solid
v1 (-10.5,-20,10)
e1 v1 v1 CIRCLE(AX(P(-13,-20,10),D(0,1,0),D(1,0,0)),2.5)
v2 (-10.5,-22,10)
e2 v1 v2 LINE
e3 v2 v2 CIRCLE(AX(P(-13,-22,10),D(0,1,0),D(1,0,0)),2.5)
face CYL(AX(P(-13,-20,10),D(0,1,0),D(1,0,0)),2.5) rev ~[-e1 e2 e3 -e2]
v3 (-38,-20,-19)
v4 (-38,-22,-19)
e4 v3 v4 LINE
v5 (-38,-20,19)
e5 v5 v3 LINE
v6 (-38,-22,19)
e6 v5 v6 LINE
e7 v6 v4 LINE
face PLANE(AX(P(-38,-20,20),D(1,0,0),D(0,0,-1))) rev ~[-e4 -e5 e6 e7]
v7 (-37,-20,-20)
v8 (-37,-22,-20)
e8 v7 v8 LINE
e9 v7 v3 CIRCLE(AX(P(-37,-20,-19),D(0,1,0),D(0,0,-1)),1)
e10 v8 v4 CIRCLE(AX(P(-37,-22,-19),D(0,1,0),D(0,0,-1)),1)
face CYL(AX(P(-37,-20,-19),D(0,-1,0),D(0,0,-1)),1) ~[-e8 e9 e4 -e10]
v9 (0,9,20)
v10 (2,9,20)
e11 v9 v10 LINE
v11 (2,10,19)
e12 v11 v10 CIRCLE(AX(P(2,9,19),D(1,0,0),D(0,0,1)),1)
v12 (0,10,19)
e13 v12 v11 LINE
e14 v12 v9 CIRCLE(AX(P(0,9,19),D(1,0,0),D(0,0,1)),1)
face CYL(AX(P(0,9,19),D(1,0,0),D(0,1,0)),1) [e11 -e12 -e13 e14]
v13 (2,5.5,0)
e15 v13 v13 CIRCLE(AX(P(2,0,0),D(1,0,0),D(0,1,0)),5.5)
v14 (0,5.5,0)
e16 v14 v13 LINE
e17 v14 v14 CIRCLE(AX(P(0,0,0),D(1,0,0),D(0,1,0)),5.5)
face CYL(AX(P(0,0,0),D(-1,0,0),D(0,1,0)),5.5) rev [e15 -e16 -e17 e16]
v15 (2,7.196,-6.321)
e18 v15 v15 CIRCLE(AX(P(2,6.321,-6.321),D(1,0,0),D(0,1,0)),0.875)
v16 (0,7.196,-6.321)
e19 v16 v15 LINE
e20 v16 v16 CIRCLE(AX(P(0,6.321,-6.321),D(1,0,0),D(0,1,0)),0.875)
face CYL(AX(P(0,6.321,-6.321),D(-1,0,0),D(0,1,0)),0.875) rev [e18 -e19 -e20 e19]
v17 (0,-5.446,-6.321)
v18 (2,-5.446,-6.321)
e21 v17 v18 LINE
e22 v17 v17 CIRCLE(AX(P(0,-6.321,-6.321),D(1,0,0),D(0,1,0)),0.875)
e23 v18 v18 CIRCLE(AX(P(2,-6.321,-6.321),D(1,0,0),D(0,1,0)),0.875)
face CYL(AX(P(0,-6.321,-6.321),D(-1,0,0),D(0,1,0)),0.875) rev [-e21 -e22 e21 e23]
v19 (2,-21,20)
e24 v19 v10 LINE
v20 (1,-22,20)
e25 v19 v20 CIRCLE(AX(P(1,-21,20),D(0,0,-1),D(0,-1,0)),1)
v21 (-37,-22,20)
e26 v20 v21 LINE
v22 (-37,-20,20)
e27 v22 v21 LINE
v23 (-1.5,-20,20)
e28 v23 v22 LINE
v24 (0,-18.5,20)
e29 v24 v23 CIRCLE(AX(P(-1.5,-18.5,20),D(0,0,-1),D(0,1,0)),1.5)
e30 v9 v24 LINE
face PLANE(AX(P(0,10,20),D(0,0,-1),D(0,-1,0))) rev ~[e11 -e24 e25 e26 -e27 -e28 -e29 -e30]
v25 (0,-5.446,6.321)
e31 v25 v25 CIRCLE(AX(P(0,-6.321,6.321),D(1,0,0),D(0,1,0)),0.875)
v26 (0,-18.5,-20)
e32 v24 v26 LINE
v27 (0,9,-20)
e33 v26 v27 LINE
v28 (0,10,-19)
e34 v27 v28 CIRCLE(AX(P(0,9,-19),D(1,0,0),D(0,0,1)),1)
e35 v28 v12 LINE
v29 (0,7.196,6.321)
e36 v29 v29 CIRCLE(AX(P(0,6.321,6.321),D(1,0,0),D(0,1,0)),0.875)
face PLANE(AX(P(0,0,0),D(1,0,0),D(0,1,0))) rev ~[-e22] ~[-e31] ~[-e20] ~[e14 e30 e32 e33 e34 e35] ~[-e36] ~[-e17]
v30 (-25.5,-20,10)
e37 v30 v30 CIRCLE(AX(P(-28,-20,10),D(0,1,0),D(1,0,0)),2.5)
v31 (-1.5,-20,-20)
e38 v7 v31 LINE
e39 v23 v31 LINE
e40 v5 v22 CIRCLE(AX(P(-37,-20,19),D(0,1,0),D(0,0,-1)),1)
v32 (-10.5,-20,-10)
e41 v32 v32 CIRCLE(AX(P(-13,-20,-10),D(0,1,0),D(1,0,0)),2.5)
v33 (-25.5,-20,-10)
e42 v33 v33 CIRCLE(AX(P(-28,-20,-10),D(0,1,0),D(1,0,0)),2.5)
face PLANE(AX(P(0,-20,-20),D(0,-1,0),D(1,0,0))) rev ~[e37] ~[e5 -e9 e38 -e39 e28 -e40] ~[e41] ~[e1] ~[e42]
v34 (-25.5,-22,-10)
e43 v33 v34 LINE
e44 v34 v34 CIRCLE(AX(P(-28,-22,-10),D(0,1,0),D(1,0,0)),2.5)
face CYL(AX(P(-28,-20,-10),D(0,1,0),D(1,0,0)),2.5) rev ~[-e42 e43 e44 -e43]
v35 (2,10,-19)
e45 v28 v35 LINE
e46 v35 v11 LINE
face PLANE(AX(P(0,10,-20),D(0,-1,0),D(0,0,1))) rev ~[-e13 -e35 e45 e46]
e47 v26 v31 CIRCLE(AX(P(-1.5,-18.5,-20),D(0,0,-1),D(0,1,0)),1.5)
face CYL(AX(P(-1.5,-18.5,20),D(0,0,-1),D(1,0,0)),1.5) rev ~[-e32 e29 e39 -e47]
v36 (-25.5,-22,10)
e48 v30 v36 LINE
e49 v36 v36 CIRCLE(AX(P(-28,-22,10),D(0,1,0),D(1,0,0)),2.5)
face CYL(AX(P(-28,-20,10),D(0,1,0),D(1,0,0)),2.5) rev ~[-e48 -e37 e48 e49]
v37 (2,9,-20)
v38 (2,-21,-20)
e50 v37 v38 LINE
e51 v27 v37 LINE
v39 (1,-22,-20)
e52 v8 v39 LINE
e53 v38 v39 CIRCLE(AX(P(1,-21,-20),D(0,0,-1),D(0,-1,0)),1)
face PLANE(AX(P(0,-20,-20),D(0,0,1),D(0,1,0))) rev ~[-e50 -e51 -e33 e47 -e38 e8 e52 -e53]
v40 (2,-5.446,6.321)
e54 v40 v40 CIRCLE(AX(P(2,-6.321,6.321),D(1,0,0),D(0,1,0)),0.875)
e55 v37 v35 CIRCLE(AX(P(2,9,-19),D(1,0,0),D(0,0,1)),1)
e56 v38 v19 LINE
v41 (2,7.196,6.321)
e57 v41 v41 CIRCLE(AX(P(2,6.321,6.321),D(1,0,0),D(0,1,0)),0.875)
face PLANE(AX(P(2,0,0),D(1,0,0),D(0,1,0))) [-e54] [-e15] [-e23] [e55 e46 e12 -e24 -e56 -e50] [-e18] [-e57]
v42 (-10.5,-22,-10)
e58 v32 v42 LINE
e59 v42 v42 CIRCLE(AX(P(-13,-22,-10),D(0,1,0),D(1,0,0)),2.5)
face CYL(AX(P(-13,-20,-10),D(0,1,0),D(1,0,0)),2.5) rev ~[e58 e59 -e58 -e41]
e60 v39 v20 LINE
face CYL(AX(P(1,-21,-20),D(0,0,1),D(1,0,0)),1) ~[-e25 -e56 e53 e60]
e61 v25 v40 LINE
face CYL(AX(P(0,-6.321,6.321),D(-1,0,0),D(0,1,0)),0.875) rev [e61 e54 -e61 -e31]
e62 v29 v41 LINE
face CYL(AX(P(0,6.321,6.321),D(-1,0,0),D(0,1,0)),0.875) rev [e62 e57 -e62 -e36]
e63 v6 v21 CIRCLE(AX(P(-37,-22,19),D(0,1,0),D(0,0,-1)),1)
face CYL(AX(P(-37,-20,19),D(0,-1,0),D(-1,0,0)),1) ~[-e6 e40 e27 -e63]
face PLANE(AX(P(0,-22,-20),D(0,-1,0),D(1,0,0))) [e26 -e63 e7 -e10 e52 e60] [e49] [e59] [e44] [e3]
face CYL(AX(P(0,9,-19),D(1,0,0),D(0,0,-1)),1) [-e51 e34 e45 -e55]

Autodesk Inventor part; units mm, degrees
ref_plane "YZ Plane" through (0, 0, 0) normal (1, 0, 0) x (0, 1, 0)
ref_plane "XZ Plane" through (0, 0, 0) normal (0, 1, 0) x (-1, 0, 0)
ref_plane "XY Plane" through (0, 0, 0) normal (0, 0, 1) x (1, 0, 0)
sketch "Boceto1" plane through (0, 0, 0) normal (1, 0, 0) x (0, 1, 0)
  line L0 (-6.321, 6.321) -> (6.321, 6.321) construction
  line L1 (6.321, 6.321) -> (6.321, -6.321) construction
  line L2 (6.321, -6.321) -> (-6.321, -6.321) construction
  line L3 (-6.321, -6.321) -> (-6.321, 6.321) construction
  line L4 (-6.321, 6.321) -> (6.321, -6.321) construction
  line L5 (6.321, 6.321) -> (-6.321, -6.321) construction
  circle A0 centre (6.321, -6.321) radius 0.875
  line L6 (0, 0) -> (7.9878, 0) construction
  circle A1 centre (6.321, 6.321) radius 0.875
  line L7 (0, 0) -> (0, -13.4562) construction
  circle A2 centre (-6.321, -6.321) radius 0.875
  circle A3 centre (-6.321, 6.321) radius 0.875
  circle A4 centre (0, 0) radius 5.5
  line L8 (10, 20) -> (-20, 20)
  line L9 (-20, 20) -> (-20, -20)
  line L10 (-20, -20) -> (10, -20)
  line L11 (10, -20) -> (10, 20)
  dimension "d0" = 12.642
  dimension "d1" = 12.642
  dimension "d2" = 1.75
  dimension "d3" = 11
  dimension "d4" = 30
  dimension "d6" = 20
  dimension "d7" = 10
  dimension "d26" = 20
extrude "Extrusión1" add sketch "Boceto1" along normal blind 2
sketch "Boceto2" plane through (0, -20, -20) normal (0, -1, 0) x (1, 0, 0)
  line L0 (2, 0) -> (2, 40) projected
  line L1 (2, 40) -> (-38, 40)
  line L2 (-38, 40) -> (-38, 0)
  line L3 (-38, 0) -> (2, 0)
  line L4 (2, 0) -> (2, 40)
  point P0 (0, 20)
  point P1 (2, 0)
  dimension "d10" = 40
  dimension "d11" = 40
extrude "Extrusión2" add sketch "Boceto2" along normal blind 2
fillet "Empalme1" radius 1.5 1 edges at (0, -20, 0)
fillet "Empalme2" radius 1 5 edges at (1, 10, 20) (1, 10, -20) (-38, -21, 20) (-38, -21, -20) (2, -22, 0)
sketch "Boceto4" plane through (0, -20, -20) normal (0, 1, 0) x (1, 0, 0)
  circle A0 centre (-13, -10) radius 2.5
  circle A1 centre (-13, -30) radius 2.5
  circle A2 centre (-28, -10) radius 2.5
  circle A3 centre (-28, -30) radius 2.5
  line L0 (-1.5, -40) -> (-37, -40) projected
  line L1 (-38, -39) -> (-38, -1) projected
  point P0 (0, -20)
  dimension "d27" = 5
  dimension "d28" = 5
  dimension "d29" = 5
  dimension "d30" = 5
  dimension "d31" = 10
  dimension "d32" = 20
  dimension "d33" = 20
  dimension "d34" = 15
  dimension "d35" = 10
extrude "Extrusión4" cut sketch "Boceto4" against normal through all
sketch "Boceto3" plane through (0, -20, -20) normal (0, 1, 0) x (1, 0, 0)
  line L0 (0, -40) -> (0, 0) projected
  line L1 (-28, 0) -> (0, 0) projected
  line L2 (-28, -40) -> (-28, 0) projected
  line L3 (0, -40) -> (-28, -40) projected
  line L4 (-6.125, -3.125) -> (-6.125, -36.875) construction
  line L5 (-7.25, -3.125) -> (-7.25, -36.875)
  line L6 (-5, -36.875) -> (-5, -3.125)
  arc A0 (-5, -3.125) -> (-7.25, -3.125) centre (-6.125, -3.125) ccw
  arc A1 (-7.25, -36.875) -> (-5, -36.875) centre (-6.125, -36.875) ccw
  line L7 (-21.875, -3.125) -> (-21.875, -36.875) construction
  line L8 (-23, -3.125) -> (-23, -36.875)
  line L9 (-20.75, -36.875) -> (-20.75, -3.125)
  arc A2 (-20.75, -3.125) -> (-23, -3.125) centre (-21.875, -3.125) ccw
  arc A3 (-23, -36.875) -> (-20.75, -36.875) centre (-21.875, -36.875) ccw
  point P0 (0, -20)
  point P1 (-6.125, -20)
  point P2 (-21.875, -20)
  point P3 (-21.875, -38)
  point P4 (-21.875, -2)
  point P5 (-6.125, -38)
  point P6 (-6.125, -2)
  dimension "d14" = 2.25
  dimension "d15" = 2.25
  dimension "d16" = 5
  dimension "d17" = 2
  dimension "d18" = 2
  dimension "d19" = 2
  dimension "d20" = 2
  dimension "d21" = 5
properties part number "BRACKET_MOTOR" material "Aluminio 6061"
